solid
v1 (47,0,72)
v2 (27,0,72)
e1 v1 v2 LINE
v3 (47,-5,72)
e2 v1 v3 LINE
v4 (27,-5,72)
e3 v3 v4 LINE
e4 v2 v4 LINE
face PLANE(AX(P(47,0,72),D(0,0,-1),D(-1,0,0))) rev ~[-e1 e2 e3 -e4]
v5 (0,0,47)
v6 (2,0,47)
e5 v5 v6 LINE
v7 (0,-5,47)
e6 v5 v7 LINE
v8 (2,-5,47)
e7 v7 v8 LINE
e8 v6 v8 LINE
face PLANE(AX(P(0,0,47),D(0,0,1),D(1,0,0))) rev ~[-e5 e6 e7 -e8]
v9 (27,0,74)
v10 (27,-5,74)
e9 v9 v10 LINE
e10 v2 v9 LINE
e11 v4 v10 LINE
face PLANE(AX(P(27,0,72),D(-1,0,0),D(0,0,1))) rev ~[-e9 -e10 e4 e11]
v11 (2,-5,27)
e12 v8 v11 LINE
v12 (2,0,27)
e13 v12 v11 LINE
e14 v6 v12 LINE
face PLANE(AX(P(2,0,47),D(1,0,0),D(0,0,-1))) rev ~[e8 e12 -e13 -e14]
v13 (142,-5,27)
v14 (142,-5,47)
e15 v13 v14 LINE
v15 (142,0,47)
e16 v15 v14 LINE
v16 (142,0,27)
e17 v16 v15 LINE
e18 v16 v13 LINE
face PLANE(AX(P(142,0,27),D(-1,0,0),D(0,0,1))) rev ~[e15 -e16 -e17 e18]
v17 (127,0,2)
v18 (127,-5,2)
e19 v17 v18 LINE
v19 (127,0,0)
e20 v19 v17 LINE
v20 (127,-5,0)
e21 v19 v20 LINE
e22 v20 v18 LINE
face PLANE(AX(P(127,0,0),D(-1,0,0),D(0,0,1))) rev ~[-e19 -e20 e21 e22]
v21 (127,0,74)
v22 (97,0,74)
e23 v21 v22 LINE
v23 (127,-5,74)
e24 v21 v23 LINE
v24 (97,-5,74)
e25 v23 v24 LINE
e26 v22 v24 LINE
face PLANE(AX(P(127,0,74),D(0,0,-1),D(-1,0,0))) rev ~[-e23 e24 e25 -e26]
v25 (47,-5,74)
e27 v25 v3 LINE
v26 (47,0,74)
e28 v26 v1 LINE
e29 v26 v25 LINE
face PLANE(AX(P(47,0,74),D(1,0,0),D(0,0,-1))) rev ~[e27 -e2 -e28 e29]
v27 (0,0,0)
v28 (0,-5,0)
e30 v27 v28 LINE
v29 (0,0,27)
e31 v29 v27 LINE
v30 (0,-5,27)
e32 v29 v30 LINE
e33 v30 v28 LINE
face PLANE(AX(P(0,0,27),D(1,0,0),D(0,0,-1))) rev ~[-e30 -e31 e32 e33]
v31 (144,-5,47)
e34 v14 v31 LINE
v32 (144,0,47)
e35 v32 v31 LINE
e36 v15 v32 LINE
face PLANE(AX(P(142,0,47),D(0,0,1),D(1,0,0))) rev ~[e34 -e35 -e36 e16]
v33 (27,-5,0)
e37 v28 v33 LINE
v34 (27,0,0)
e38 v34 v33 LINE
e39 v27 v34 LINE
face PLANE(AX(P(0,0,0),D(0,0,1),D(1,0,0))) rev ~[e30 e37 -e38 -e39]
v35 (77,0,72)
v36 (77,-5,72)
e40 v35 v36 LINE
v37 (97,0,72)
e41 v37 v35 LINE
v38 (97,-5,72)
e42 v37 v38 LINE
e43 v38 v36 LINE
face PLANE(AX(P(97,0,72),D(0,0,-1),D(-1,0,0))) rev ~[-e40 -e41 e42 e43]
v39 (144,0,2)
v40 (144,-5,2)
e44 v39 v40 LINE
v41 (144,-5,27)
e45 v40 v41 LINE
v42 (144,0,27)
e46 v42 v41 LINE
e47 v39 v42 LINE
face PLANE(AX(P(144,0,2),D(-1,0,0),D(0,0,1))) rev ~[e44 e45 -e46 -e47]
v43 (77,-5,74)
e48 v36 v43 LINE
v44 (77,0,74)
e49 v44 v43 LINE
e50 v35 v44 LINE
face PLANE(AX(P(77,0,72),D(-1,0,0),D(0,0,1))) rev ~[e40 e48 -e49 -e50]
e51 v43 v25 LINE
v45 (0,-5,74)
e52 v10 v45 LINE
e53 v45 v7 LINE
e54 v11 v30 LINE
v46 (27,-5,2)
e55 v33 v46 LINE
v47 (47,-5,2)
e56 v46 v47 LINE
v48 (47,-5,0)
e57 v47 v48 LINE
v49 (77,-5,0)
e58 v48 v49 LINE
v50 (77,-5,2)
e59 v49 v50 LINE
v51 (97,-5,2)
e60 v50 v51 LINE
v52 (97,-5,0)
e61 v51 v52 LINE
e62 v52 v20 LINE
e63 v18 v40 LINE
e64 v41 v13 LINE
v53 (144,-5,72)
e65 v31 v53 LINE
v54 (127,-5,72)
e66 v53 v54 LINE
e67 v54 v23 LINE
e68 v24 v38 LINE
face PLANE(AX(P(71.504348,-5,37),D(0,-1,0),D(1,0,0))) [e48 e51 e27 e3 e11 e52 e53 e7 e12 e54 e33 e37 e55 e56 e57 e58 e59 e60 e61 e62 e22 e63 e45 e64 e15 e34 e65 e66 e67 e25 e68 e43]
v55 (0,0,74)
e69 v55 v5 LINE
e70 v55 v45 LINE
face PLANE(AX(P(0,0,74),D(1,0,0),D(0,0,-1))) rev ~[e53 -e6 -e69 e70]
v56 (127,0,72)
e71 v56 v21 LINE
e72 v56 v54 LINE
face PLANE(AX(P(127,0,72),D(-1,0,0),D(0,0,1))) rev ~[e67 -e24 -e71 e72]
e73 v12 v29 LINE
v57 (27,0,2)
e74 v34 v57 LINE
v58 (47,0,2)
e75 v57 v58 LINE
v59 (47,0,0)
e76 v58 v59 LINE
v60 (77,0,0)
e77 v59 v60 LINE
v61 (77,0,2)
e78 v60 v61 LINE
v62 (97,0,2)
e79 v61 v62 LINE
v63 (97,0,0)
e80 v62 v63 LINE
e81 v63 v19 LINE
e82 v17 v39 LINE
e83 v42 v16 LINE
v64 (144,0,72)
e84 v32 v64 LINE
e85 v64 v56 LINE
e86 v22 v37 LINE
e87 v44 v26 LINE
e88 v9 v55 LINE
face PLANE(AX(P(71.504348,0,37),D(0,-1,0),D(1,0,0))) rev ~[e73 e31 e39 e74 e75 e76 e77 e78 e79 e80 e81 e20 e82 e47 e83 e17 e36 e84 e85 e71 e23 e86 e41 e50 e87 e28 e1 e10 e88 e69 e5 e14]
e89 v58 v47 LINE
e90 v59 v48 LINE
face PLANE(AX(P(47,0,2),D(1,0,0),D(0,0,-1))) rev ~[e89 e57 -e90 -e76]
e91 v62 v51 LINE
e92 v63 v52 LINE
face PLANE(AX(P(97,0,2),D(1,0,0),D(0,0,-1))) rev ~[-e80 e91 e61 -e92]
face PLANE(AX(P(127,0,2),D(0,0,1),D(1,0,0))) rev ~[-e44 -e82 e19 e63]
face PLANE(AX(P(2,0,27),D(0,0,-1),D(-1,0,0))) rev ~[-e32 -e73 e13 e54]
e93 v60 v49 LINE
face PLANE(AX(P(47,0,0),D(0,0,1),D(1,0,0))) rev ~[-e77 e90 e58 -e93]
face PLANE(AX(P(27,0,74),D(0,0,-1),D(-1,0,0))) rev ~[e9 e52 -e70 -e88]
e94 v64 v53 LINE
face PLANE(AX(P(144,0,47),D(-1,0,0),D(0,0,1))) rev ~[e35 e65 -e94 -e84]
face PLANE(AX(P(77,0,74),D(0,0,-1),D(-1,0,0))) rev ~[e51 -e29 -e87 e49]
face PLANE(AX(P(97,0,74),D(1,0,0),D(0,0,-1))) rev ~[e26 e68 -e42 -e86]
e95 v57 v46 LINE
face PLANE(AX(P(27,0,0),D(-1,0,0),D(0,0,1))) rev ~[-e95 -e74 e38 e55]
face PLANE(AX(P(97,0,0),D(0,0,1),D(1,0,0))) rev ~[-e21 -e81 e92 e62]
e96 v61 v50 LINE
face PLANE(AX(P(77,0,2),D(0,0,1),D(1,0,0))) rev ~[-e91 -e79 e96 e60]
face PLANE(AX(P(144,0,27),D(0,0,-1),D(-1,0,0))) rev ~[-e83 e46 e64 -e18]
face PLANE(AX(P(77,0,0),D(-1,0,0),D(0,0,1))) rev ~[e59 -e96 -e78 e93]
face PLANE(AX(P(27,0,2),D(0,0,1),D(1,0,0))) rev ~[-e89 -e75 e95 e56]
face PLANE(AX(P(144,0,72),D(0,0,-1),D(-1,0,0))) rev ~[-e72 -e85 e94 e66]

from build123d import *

# Parameters (mm, degrees)
F1_DEPTH = 5


with BuildPart() as f1:
    # F0 (on Front) → F1 (new body)
    with BuildSketch(Plane.XZ):
        Polygon((0, 27), (0, 0), (27, 0), (27, 2), (47, 2), (47, 0), (77, 0), (77, 2), (97, 2), (97, 0), (127, 0), (127, 2), (144, 2), (144, 27), (142, 27), (142, 47), (144, 47), (144, 72), (127, 72), (127, 74), (97, 74), (97, 72), (77, 72), (77, 74), (47, 74), (47, 72), (27, 72), (27, 74), (0, 74), (0, 47), (2, 47), (2, 27), align=None)
    extrude(amount=F1_DEPTH)


solid = f1.part
